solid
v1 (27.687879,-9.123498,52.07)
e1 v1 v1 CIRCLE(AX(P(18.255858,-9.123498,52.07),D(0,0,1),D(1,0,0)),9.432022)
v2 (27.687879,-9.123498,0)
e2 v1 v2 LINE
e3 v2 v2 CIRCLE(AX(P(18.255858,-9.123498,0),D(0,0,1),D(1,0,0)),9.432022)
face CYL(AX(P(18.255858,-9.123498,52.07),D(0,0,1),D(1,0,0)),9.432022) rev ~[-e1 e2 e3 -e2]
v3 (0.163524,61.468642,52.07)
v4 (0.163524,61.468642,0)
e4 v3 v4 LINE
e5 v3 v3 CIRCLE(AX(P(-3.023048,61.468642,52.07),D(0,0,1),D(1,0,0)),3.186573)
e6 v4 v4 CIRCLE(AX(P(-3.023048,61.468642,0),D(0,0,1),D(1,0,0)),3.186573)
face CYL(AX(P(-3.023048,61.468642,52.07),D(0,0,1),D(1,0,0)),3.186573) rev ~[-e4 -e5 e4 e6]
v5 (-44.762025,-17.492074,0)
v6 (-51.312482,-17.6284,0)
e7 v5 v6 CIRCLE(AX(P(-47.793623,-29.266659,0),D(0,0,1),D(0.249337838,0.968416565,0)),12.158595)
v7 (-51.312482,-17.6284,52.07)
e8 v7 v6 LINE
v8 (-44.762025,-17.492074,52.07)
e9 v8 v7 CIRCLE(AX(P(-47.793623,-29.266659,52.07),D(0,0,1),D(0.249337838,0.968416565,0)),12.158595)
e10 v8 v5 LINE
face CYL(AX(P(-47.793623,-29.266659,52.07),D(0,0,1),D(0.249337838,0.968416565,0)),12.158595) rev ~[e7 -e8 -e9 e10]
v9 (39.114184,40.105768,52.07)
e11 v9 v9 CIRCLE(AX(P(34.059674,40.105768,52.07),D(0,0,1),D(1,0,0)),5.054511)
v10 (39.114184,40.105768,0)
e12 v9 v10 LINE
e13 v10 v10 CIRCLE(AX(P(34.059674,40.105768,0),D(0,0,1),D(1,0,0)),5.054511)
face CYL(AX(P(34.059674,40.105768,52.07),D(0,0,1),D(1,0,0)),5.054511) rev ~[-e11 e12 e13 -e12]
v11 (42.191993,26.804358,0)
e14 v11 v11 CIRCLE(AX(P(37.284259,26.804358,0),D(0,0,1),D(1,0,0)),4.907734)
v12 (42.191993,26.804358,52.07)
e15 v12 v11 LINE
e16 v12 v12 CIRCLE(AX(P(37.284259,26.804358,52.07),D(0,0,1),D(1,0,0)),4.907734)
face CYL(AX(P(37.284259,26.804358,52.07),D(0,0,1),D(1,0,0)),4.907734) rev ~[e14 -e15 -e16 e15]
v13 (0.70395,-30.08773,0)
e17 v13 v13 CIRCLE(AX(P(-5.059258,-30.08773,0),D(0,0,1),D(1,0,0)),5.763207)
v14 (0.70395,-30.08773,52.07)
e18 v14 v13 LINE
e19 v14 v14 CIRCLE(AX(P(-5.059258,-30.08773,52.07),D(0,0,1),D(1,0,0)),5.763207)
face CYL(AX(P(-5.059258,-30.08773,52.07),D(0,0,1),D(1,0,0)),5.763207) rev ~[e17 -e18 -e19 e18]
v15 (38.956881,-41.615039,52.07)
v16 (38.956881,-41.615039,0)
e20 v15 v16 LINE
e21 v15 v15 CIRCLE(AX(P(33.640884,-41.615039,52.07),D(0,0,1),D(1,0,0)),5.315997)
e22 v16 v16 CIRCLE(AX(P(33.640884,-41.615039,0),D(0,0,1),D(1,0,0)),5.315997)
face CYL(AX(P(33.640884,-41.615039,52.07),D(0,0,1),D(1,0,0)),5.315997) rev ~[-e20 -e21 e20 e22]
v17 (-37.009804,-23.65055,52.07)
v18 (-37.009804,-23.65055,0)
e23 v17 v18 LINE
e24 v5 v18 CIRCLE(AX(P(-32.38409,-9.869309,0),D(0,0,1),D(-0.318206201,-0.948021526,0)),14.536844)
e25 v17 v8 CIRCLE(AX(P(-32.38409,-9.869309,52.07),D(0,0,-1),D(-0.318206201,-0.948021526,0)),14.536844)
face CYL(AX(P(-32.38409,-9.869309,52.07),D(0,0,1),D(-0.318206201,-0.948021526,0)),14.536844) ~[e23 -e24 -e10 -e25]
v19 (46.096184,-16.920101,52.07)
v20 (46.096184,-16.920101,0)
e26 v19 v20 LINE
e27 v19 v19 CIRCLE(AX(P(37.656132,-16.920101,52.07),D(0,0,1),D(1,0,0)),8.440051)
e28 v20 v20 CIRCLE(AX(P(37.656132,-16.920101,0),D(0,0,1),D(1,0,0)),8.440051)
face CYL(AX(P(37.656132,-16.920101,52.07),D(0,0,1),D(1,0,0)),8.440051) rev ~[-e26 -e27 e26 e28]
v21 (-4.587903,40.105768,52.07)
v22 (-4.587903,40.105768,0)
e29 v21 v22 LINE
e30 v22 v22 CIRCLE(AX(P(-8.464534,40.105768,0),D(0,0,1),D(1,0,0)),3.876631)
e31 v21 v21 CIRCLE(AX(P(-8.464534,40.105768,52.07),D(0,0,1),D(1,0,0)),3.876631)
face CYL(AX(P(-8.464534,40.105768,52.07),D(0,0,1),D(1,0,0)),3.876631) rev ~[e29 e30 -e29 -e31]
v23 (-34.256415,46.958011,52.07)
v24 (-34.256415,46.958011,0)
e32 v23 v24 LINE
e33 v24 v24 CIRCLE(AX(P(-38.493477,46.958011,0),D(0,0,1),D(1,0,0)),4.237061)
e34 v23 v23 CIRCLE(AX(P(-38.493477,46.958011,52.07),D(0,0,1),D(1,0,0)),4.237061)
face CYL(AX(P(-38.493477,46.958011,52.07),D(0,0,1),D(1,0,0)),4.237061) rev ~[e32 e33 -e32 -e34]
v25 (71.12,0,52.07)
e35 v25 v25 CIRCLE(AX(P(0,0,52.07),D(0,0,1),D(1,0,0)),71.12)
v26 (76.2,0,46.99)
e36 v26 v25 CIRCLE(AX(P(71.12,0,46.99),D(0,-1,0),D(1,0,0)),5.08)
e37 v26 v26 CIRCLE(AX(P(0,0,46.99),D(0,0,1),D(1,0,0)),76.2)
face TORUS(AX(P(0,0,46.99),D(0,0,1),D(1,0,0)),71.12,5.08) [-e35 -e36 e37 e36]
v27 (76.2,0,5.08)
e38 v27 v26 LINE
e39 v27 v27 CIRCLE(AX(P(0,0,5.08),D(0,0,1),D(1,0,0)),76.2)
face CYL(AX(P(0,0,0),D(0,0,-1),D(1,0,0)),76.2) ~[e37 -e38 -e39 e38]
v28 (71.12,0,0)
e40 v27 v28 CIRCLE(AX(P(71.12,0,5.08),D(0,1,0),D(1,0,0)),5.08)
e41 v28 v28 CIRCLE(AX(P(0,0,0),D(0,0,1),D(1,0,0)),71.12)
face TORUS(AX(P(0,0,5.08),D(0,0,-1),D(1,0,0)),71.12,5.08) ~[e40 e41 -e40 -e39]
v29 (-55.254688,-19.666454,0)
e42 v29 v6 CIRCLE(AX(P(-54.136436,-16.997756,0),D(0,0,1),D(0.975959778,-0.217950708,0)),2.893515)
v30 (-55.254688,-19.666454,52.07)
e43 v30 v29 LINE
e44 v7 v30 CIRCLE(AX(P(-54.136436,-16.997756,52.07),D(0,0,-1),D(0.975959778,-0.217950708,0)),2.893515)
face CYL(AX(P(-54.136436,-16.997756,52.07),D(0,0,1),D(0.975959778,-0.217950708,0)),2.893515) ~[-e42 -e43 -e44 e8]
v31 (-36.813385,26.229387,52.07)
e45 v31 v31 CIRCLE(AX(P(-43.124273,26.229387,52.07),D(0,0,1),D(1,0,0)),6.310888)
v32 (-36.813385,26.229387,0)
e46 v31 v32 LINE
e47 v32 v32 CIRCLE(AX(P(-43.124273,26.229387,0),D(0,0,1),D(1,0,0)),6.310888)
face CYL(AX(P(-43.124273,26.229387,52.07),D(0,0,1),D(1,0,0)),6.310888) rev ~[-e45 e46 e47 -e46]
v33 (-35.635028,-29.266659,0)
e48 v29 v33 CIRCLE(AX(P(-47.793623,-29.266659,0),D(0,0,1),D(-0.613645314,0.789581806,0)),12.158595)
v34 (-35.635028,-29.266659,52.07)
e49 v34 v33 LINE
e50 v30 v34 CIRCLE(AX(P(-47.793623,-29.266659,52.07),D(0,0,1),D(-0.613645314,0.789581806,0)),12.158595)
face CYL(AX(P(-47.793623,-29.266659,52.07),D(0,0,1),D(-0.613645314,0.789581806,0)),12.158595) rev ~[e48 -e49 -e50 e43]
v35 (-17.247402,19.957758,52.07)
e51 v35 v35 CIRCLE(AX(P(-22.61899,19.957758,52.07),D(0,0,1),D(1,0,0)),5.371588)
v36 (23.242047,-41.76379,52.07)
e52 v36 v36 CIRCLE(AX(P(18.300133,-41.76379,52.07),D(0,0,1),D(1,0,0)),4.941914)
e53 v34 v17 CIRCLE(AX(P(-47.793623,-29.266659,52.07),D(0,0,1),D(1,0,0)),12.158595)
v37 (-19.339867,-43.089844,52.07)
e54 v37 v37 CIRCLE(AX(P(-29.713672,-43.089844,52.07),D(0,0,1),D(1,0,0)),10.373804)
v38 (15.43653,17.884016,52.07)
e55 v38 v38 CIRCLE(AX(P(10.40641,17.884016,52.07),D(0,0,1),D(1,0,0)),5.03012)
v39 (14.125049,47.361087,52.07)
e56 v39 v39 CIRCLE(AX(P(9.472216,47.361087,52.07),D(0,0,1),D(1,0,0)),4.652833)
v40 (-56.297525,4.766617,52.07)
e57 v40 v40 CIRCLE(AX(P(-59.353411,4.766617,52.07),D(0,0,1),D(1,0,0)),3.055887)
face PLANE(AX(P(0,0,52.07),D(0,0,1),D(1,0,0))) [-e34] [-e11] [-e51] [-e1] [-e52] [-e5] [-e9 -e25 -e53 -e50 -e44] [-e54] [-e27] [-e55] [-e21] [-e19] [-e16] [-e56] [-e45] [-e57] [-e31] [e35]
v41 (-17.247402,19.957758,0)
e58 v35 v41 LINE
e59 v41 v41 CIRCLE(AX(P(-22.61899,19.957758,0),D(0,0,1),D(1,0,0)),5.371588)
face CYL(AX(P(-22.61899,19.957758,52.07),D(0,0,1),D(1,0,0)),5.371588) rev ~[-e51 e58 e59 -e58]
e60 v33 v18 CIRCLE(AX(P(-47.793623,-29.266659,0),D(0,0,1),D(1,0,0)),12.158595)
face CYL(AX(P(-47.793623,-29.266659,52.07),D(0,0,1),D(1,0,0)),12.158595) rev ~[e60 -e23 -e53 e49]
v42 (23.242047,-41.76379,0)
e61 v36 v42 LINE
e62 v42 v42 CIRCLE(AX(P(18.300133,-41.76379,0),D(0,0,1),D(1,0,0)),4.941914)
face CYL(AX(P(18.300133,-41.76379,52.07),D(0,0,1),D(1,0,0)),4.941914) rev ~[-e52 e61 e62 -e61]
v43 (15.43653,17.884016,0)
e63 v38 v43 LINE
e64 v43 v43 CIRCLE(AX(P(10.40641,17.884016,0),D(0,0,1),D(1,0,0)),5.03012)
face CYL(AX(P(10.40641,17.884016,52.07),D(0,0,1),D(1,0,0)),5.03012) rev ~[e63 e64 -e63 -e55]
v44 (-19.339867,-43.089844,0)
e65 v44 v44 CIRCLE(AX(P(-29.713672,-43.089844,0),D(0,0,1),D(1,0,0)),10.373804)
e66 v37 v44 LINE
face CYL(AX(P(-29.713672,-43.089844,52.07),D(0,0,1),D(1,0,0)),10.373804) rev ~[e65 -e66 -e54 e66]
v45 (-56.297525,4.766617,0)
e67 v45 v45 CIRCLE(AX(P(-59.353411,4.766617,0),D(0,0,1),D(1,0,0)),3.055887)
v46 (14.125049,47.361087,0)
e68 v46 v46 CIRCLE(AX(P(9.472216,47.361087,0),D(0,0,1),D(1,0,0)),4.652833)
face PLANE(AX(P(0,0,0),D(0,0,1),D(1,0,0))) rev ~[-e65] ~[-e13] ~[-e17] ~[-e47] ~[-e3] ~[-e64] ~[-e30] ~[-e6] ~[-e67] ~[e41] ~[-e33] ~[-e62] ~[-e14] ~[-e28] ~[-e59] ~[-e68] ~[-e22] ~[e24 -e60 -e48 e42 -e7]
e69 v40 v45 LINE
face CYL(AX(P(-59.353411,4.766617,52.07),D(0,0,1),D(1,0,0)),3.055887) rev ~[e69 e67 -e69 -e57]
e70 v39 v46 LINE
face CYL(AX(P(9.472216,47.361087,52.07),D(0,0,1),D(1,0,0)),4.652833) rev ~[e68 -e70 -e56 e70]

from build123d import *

# Parameters (mm, degrees)
F0_R     = 76.2
F1_DEPTH = 52.07
F2_R     = 5.08
F3_R     = 5.3715880148
F3_R_2   = 4.2370614404
F3_R_3   = 6.3108884309
F3_R_4   = 3.8766310323
F3_R_5   = 4.6528327754
F3_R_6   = 3.1865727254
F3_R_7   = 5.0301198982
F3_R_8   = 4.907734168
F3_R_9   = 9.4320215761
F3_R_10  = 8.4400514289
F3_R_11  = 5.3159973794
F3_R_12  = 4.9419144622
F3_R_13  = 5.7632073099
F3_R_14  = 10.3738042339
F3_R_15  = 5.05451088
F3_R_16  = 3.0558865435
F4_DEPTH = 52.0710001


with BuildPart() as f1:
    # F0 (on Top) → F1 (new body)
    with BuildSketch(Plane.XY):
        Circle(F0_R)
    extrude(amount=F1_DEPTH)

    # F2
    f2_edges = [f1.edges().sort_by_distance(p)[0] for p in [
        (-76.2, 0, 0),
        (-76.2, 0, 52.07),
    ]]
    fillet(f2_edges, radius=F2_R)

    # F3 (on face) → F4 (cut, through all)
    with BuildSketch(Plane.XY.offset(52.07)):
        with BuildLine():
            ThreePointArc((-37.009803901, -23.6505497776), (-41.4263644142, -21.2516242438), (-44.7620251929, -17.4920740509))
            ThreePointArc((-44.7620251929, -17.4920740509), (-48.0466092381, -17.1106960922), (-51.3124818641, -17.6284001476))
            ThreePointArc((-51.3124818641, -17.6284001476), (-52.8076132814, -19.5680988122), (-55.2546881101, -19.6664535121))
            ThreePointArc((-55.2546881101, -19.6664535121), (-53.1375621362, -40.1879116404), (-35.6350277314, -29.2666591704))
            ThreePointArc((-35.6350277314, -29.2666591704), (-35.9837218408, -26.375695048), (-37.009803901, -23.6505497776))
        make_face()
        with Locations((-22.6189903915, 19.9577584863)):
            Circle(F3_R)
        with Locations((-38.4934768081, 46.9580106437)):
            Circle(F3_R_2)
        with Locations((-43.1242734194, 26.2293871492)):
            Circle(F3_R_3)
        with Locations((-8.4645338356, 40.1057675481)):
            Circle(F3_R_4)
        with Locations((9.4722164795, 47.361087054)):
            Circle(F3_R_5)
        with Locations((-3.0230483972, 61.468642205)):
            Circle(F3_R_6)
        with Locations((10.4064103216, 17.884016037)):
            Circle(F3_R_7)
        with Locations((37.2842587531, 26.8043577671)):
            Circle(F3_R_8)
        with Locations((18.2558577508, -9.1234976426)):
            Circle(F3_R_9)
        with Locations((37.6561321318, -16.9201008976)):
            Circle(F3_R_10)
        with Locations((33.640883863, -41.6150391102)):
            Circle(F3_R_11)
        with Locations((18.300132826, -41.7637899518)):
            Circle(F3_R_12)
        with Locations((-5.0592576154, -30.087729916)):
            Circle(F3_R_13)
        with Locations((-29.7136716545, -43.0898442864)):
            Circle(F3_R_14)
        with Locations((34.0596735477, 40.1057675481)):
            Circle(F3_R_15)
        with Locations((-59.3534111977, 4.7666169703)):
            Circle(F3_R_16)
    extrude(amount=-F4_DEPTH, mode=Mode.SUBTRACT)


solid = f1.part
